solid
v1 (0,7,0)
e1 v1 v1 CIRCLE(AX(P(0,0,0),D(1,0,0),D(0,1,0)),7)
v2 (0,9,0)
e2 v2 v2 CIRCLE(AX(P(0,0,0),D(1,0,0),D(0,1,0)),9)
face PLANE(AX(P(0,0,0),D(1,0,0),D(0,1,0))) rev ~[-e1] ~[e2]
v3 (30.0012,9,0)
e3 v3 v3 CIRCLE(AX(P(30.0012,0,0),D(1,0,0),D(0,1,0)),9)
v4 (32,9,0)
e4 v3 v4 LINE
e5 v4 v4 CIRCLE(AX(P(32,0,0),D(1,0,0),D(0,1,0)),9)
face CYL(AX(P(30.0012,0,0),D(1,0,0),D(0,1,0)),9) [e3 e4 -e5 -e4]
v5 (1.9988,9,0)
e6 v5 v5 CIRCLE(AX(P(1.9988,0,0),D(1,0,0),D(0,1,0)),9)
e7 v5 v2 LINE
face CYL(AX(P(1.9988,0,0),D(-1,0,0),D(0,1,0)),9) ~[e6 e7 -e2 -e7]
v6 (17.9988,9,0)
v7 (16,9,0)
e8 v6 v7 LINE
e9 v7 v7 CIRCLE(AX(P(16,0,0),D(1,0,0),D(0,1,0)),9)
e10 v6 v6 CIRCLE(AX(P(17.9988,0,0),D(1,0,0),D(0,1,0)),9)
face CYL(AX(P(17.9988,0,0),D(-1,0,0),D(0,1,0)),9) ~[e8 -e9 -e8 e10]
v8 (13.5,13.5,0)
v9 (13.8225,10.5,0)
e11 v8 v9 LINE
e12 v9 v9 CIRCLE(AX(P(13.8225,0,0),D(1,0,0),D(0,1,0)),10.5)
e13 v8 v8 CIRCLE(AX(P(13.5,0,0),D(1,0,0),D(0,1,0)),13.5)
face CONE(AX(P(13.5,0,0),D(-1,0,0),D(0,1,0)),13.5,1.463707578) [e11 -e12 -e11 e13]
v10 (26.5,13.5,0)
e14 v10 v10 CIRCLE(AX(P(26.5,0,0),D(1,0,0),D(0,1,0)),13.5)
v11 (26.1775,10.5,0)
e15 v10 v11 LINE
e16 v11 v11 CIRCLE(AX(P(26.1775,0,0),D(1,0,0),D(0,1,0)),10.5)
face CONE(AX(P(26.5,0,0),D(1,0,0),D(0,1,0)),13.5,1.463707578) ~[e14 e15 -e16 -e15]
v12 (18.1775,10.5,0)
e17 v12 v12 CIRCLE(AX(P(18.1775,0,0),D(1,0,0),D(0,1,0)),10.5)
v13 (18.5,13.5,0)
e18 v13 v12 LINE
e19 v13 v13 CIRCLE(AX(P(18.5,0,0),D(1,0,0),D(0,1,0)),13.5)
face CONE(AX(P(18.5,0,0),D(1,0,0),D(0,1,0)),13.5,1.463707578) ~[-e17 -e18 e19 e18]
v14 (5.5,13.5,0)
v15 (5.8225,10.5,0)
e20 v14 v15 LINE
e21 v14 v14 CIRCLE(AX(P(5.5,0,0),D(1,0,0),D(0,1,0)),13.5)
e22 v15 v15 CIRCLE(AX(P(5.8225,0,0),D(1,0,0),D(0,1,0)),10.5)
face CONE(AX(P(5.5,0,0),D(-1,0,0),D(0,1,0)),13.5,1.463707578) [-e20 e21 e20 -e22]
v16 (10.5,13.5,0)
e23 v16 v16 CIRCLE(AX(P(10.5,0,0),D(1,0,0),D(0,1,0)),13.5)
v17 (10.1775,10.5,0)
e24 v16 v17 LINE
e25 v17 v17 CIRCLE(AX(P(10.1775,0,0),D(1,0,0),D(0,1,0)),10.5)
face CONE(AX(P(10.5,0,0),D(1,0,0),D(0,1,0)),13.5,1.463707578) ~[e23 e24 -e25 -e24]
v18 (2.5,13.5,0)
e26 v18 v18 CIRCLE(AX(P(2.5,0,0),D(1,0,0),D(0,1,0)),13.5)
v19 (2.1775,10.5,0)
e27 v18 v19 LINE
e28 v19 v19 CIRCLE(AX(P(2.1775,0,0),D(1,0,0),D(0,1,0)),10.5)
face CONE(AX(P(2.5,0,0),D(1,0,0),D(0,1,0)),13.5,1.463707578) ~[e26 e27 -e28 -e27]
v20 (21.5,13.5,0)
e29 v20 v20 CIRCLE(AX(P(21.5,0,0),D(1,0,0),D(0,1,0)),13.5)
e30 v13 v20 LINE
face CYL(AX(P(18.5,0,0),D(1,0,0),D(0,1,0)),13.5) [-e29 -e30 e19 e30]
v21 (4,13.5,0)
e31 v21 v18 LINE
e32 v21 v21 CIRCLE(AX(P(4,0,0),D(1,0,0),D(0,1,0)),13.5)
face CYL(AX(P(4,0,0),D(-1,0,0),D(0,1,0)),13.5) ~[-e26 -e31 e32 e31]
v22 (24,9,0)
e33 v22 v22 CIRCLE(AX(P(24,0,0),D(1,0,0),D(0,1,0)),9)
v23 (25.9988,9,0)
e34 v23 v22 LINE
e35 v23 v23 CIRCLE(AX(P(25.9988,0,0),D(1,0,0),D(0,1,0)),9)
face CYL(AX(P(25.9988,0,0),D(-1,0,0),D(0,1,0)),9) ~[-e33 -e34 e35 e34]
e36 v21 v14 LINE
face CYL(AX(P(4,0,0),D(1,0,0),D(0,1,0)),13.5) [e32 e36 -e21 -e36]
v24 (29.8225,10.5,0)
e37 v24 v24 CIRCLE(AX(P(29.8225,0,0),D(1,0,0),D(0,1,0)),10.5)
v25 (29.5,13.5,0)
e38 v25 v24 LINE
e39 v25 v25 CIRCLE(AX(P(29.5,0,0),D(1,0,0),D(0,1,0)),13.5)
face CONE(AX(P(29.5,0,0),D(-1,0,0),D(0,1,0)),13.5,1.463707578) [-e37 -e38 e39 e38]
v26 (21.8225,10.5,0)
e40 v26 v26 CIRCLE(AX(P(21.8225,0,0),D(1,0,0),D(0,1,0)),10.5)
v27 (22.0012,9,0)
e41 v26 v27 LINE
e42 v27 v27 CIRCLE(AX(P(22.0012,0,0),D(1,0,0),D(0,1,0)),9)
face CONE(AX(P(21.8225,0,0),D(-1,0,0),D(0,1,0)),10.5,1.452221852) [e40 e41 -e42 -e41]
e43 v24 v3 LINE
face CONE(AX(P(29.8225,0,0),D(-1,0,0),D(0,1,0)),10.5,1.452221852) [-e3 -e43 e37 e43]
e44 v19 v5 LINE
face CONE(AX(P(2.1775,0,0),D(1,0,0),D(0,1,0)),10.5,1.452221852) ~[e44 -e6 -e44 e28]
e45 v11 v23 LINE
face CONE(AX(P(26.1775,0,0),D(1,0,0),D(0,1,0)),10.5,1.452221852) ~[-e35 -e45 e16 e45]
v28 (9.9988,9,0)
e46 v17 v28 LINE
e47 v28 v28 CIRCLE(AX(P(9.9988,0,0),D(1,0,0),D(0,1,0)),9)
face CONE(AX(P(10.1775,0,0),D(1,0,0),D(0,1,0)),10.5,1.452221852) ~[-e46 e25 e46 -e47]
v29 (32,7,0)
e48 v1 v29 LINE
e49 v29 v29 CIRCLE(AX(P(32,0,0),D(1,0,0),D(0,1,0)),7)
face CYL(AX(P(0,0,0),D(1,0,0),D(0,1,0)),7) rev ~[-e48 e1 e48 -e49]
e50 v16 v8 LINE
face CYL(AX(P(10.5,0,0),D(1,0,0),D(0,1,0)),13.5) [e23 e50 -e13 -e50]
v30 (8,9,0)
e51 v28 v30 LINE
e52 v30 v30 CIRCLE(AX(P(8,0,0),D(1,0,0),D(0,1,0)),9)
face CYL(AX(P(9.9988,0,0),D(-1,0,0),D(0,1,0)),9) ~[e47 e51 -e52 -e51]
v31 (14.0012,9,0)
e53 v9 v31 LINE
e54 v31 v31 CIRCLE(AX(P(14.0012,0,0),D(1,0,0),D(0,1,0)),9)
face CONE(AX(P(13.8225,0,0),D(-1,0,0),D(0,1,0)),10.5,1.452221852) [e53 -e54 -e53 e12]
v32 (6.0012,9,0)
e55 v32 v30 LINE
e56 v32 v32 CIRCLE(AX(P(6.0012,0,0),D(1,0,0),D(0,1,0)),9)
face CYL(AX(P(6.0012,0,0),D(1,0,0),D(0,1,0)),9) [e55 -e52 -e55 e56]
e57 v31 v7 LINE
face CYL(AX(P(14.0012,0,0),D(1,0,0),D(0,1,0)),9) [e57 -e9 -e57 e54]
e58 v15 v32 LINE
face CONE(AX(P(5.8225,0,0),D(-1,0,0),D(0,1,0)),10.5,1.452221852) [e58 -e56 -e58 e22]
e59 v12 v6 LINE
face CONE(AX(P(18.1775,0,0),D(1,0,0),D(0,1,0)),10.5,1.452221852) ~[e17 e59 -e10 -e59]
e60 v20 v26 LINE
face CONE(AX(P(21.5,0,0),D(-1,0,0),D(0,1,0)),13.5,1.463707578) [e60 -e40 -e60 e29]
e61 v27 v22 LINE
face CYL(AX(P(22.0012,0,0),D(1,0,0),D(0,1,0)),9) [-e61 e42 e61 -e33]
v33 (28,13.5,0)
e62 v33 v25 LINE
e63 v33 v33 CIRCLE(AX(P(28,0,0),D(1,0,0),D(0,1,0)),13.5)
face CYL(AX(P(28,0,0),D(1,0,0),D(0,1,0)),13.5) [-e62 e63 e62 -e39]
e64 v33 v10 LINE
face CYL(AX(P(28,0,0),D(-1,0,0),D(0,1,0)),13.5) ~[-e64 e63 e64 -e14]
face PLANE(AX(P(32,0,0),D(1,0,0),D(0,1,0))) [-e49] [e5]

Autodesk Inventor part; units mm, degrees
ref_plane "YZ Plane" through (0, 0, 0) normal (1, 0, 0) x (0, 1, 0)
ref_plane "XZ Plane" through (0, 0, 0) normal (0, 1, 0) x (-1, 0, 0)
ref_plane "XY Plane" through (0, 0, 0) normal (0, 0, 1) x (1, 0, 0)
sketch "Эскиз1" plane through (0, 0, 0) normal (0, 0, 1) x (1, 0, 0)
  line L0 (0, 0) -> (32, 0)
  line L1 (0, 7) -> (32, 7)
  line L2 (4, 13.5) -> (2.5, 13.5)
  line L3 (2.5, 13.5) -> (2.1775, 10.5)
  line L4 (2.1775, 10.5) -> (1.9988, 9)
  line L5 (1.9988, 9) -> (0, 9)
  line L6 (0, 9) -> (0, 7)
  line L7 (4, 13.5) -> (4, 8.1664)
  line L8 (4, 13.5) -> (5.5, 13.5)
  line L9 (5.5, 13.5) -> (5.8225, 10.5)
  line L10 (5.8225, 10.5) -> (6.0012, 9)
  line L11 (6.0012, 9) -> (8, 9)
  line L12 (13.5, 13.5) -> (13.8225, 10.5)
  line L13 (13.8225, 10.5) -> (14.0012, 9)
  line L14 (14.0012, 9) -> (16, 9)
  line L15 (10.1775, 10.5) -> (9.9988, 9)
  line L16 (10.5, 13.5) -> (10.1775, 10.5)
  line L17 (9.9988, 9) -> (8, 9)
  line L18 (16, 9) -> (16, 13.7658)
  line L19 (28, 13.5) -> (29.5, 13.5)
  line L20 (29.5, 13.5) -> (29.8225, 10.5)
  line L21 (29.8225, 10.5) -> (30.0012, 9)
  line L22 (26.1775, 10.5) -> (25.9988, 9)
  line L23 (26.5, 13.5) -> (26.1775, 10.5)
  line L24 (28, 13.5) -> (26.5, 13.5)
  line L25 (25.9988, 9) -> (24, 9)
  line L26 (17.9988, 9) -> (16, 9)
  line L27 (18.1775, 10.5) -> (17.9988, 9)
  line L28 (18.5, 13.5) -> (18.1775, 10.5)
  line L29 (21.5, 13.5) -> (21.8225, 10.5)
  line L30 (21.8225, 10.5) -> (22.0012, 9)
  line L31 (22.0012, 9) -> (24, 9)
  line L32 (30.0012, 9) -> (32, 9)
  line L33 (32, 9) -> (32, 7)
  line L34 (10.5, 13.5) -> (13.5, 13.5)
  line L35 (18.5, 13.5) -> (21.5, 13.5)
  point P0 (1.5, 8.1664)
  dimension "d14" = 32
  dimension "d15" = 14
  dimension "d16" = 27
  dimension "d20" = 4
  dimension "d22" = 3
  dimension "d33" = 1.5
  dimension "d35" = 2
  dimension "d37" = 32
revolve "Вращение1" add sketch "Эскиз1" angle 360 about axis through (0, 0, 0) along (1, 0, 0)
properties part number "Демфер пальца" material "Резина"
